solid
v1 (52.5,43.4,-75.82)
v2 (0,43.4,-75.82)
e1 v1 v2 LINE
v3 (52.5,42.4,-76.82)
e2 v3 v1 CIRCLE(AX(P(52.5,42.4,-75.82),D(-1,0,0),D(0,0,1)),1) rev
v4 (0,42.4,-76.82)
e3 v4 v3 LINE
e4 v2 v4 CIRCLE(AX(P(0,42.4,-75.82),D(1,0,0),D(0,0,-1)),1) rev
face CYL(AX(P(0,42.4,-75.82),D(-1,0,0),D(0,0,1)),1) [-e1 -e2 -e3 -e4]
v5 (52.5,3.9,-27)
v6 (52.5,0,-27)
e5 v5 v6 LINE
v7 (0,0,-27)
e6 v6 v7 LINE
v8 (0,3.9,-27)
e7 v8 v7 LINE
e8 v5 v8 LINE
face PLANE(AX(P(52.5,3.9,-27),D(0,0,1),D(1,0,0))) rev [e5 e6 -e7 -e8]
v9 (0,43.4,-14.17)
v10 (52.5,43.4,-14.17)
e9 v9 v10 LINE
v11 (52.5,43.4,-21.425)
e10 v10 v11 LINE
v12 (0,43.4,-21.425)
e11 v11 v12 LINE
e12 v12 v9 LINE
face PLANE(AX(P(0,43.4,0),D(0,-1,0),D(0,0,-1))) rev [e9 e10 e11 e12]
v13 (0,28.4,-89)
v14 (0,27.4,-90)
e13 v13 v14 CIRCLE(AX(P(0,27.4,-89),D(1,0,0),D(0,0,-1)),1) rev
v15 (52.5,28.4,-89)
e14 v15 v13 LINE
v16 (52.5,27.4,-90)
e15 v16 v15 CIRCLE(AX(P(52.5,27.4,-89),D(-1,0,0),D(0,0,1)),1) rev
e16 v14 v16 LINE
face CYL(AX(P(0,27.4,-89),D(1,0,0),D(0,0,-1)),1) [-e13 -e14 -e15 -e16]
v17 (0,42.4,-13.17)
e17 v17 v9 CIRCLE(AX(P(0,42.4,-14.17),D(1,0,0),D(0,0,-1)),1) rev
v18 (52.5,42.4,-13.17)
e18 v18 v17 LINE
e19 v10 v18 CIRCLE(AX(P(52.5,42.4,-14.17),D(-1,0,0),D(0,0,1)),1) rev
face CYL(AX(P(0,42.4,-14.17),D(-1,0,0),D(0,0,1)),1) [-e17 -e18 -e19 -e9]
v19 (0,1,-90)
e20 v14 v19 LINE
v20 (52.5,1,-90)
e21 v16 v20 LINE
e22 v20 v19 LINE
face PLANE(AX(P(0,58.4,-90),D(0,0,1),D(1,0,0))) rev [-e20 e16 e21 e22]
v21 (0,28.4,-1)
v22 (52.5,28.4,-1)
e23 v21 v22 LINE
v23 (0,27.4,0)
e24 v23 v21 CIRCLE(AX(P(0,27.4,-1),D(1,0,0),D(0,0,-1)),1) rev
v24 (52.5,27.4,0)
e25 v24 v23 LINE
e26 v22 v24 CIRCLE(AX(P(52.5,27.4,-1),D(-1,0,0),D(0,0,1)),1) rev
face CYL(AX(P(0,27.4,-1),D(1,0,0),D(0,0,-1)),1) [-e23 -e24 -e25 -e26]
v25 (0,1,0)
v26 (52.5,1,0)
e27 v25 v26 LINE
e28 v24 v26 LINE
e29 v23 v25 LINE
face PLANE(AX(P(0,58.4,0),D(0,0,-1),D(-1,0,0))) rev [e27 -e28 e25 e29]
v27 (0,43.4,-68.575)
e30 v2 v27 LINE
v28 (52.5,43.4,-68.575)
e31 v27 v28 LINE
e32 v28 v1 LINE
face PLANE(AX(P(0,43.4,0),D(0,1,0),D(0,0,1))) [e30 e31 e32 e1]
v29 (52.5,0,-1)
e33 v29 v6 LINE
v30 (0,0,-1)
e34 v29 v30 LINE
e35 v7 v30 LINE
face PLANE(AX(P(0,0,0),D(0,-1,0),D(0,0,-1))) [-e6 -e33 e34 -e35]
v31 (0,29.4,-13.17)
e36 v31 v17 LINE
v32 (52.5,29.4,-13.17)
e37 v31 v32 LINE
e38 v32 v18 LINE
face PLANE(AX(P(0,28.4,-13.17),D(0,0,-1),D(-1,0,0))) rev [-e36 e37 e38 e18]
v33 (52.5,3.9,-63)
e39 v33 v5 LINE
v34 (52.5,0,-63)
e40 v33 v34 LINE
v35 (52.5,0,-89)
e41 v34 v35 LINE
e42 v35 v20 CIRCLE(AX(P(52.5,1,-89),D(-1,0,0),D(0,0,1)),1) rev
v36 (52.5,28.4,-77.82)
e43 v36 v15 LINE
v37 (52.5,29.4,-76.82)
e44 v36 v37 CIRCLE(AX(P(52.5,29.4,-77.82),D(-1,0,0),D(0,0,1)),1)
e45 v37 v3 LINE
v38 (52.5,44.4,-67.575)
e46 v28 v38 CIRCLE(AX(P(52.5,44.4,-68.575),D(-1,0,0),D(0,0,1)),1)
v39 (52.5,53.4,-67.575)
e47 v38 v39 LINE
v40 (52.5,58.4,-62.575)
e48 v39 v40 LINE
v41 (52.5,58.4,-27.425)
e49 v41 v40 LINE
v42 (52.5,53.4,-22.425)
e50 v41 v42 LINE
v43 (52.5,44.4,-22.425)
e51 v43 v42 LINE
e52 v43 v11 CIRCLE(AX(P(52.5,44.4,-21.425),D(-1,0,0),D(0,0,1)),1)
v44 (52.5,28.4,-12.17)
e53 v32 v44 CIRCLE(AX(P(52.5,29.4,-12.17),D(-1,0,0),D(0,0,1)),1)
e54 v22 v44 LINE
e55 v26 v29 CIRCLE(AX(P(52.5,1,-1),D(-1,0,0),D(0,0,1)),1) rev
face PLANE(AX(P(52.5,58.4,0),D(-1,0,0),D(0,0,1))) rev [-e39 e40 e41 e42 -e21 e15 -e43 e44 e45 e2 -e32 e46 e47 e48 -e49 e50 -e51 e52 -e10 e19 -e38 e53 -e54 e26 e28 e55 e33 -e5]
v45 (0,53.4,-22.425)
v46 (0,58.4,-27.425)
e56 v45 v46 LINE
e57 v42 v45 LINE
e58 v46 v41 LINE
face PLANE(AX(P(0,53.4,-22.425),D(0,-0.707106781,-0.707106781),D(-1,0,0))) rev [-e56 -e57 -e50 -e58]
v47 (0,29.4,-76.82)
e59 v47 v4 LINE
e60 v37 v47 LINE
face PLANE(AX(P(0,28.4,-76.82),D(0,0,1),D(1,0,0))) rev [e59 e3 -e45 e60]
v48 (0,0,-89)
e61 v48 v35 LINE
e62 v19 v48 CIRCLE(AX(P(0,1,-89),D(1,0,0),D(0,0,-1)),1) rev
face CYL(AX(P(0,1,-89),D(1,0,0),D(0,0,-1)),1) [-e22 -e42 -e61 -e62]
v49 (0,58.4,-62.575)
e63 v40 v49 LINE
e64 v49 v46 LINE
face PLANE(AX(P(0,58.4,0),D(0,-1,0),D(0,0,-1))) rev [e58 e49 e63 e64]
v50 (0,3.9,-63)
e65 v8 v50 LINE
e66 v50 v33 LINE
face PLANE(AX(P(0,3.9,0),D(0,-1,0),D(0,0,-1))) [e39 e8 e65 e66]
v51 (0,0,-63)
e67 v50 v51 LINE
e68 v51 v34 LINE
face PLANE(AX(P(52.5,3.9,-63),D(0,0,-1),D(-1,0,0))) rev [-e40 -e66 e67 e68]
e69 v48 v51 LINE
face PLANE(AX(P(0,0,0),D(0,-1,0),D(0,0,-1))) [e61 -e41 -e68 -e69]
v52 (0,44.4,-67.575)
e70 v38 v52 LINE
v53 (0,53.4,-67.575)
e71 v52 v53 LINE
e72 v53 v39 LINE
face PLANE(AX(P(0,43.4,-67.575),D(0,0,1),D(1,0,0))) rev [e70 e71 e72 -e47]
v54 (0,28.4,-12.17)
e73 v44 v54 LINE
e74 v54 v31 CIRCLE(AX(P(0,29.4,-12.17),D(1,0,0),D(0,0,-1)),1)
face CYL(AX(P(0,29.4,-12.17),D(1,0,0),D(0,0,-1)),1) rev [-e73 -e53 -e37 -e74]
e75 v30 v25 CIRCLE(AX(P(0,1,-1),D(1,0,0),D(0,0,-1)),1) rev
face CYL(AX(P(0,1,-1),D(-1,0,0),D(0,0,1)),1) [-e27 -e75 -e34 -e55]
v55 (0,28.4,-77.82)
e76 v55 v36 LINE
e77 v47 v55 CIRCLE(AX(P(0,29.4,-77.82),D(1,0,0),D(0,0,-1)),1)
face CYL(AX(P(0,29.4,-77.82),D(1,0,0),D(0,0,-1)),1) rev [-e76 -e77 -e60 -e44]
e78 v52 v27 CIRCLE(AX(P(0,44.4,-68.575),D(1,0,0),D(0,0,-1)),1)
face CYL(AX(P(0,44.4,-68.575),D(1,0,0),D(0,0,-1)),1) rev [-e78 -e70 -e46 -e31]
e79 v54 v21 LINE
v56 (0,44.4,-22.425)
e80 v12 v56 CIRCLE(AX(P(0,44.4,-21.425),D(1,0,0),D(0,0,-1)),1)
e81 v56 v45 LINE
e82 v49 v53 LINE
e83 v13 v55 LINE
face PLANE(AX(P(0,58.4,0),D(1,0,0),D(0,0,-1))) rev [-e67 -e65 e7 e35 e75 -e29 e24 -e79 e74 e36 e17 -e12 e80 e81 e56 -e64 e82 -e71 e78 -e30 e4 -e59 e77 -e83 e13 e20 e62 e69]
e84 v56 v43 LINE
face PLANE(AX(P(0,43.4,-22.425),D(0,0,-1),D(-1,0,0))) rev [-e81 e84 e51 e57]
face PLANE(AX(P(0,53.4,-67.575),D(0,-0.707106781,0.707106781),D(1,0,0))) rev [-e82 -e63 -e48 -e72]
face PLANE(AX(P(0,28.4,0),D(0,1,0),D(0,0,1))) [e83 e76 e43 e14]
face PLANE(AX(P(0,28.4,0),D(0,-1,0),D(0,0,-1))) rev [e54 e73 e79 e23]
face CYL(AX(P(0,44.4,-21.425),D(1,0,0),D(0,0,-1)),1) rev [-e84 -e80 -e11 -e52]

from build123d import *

# Parameters (mm, degrees)
SKETCH_1_W          = 52.5
SKETCH_1_H          = 90
EXTRUDE_1_DEPTH     = 58.4
SKETCH_3_W          = 52.5
SKETCH_3_H          = 22.425
CUT_EXTRUDE_1_DEPTH = 15
SKETCH_4_W          = 52.5
SKETCH_4_H          = 13.18
SKETCH_4_H_2        = 13.17
CUT_EXTRUDE_2_DEPTH = 15
CHAMFER_1_SIZE      = 5
SKETCH_5_W          = 52.5
SKETCH_5_H          = 36
CUT_EXTRUDE_3_DEPTH = 3.9
FILLET_1_R          = 1


with BuildPart() as part:
    # Эскиз1 → Бобышка-Вытянуть1 (new body)
    with BuildSketch(Plane(origin=(0, 0, 0), x_dir=(1, 0, 0), z_dir=(0, 1, 0))):
        with Locations((26.25, 45)):
            Rectangle(SKETCH_1_W, SKETCH_1_H)
    extrude(amount=EXTRUDE_1_DEPTH)

    # Эскиз3 → Вырез-Вытянуть1 (cut)
    with BuildSketch(Plane(origin=(0, 58.4, 0), x_dir=(1, 0, 0), z_dir=(0, 1, 0))):
        with Locations((26.25, 78.7875)):
            Rectangle(SKETCH_3_W, SKETCH_3_H)
        with Locations((26.25, 11.2125)):
            Rectangle(SKETCH_3_W, SKETCH_3_H)
    extrude(amount=-CUT_EXTRUDE_1_DEPTH, mode=Mode.SUBTRACT)

    # Эскиз4 → Вырез-Вытянуть2 (cut)
    with BuildSketch(Plane(origin=(0, 43.4, 0), x_dir=(1, 0, 0), z_dir=(0, 1, 0))):
        with Locations((26.25, 83.41)):
            Rectangle(SKETCH_4_W, SKETCH_4_H)
        with Locations((26.25, 6.585)):
            Rectangle(SKETCH_4_W, SKETCH_4_H_2)
    extrude(amount=-CUT_EXTRUDE_2_DEPTH, mode=Mode.SUBTRACT)

    # Фаска1
    chamfer_1_edges = [part.edges().sort_by_distance(p)[0] for p in [
        (26.25, 58.4, -67.575),
        (26.25, 58.4, -22.425),
    ]]
    chamfer(chamfer_1_edges, length=CHAMFER_1_SIZE)

    # Эскиз5 → Вырез-Вытянуть3 (cut)
    with BuildSketch(Plane.XZ):
        with Locations((26.25, -45)):
            Rectangle(SKETCH_5_W, SKETCH_5_H)
    extrude(amount=-CUT_EXTRUDE_3_DEPTH, mode=Mode.SUBTRACT)

    # Скругление1
    fillet_1_edges = [part.edges().sort_by_distance(p)[0] for p in [
        (26.25, 43.4, -67.575),
        (26.25, 43.4, -22.425),
        (26.25, 0, -90),
        (26.25, 28.4, -90),
        (26.25, 28.4, -76.82),
        (26.25, 43.4, -76.82),
        (26.25, 0, 0),
        (26.25, 28.4, -13.17),
        (26.25, 28.4, 0),
        (26.25, 43.4, -13.17),
    ]]
    fillet(fillet_1_edges, radius=FILLET_1_R)


solid = part.part
